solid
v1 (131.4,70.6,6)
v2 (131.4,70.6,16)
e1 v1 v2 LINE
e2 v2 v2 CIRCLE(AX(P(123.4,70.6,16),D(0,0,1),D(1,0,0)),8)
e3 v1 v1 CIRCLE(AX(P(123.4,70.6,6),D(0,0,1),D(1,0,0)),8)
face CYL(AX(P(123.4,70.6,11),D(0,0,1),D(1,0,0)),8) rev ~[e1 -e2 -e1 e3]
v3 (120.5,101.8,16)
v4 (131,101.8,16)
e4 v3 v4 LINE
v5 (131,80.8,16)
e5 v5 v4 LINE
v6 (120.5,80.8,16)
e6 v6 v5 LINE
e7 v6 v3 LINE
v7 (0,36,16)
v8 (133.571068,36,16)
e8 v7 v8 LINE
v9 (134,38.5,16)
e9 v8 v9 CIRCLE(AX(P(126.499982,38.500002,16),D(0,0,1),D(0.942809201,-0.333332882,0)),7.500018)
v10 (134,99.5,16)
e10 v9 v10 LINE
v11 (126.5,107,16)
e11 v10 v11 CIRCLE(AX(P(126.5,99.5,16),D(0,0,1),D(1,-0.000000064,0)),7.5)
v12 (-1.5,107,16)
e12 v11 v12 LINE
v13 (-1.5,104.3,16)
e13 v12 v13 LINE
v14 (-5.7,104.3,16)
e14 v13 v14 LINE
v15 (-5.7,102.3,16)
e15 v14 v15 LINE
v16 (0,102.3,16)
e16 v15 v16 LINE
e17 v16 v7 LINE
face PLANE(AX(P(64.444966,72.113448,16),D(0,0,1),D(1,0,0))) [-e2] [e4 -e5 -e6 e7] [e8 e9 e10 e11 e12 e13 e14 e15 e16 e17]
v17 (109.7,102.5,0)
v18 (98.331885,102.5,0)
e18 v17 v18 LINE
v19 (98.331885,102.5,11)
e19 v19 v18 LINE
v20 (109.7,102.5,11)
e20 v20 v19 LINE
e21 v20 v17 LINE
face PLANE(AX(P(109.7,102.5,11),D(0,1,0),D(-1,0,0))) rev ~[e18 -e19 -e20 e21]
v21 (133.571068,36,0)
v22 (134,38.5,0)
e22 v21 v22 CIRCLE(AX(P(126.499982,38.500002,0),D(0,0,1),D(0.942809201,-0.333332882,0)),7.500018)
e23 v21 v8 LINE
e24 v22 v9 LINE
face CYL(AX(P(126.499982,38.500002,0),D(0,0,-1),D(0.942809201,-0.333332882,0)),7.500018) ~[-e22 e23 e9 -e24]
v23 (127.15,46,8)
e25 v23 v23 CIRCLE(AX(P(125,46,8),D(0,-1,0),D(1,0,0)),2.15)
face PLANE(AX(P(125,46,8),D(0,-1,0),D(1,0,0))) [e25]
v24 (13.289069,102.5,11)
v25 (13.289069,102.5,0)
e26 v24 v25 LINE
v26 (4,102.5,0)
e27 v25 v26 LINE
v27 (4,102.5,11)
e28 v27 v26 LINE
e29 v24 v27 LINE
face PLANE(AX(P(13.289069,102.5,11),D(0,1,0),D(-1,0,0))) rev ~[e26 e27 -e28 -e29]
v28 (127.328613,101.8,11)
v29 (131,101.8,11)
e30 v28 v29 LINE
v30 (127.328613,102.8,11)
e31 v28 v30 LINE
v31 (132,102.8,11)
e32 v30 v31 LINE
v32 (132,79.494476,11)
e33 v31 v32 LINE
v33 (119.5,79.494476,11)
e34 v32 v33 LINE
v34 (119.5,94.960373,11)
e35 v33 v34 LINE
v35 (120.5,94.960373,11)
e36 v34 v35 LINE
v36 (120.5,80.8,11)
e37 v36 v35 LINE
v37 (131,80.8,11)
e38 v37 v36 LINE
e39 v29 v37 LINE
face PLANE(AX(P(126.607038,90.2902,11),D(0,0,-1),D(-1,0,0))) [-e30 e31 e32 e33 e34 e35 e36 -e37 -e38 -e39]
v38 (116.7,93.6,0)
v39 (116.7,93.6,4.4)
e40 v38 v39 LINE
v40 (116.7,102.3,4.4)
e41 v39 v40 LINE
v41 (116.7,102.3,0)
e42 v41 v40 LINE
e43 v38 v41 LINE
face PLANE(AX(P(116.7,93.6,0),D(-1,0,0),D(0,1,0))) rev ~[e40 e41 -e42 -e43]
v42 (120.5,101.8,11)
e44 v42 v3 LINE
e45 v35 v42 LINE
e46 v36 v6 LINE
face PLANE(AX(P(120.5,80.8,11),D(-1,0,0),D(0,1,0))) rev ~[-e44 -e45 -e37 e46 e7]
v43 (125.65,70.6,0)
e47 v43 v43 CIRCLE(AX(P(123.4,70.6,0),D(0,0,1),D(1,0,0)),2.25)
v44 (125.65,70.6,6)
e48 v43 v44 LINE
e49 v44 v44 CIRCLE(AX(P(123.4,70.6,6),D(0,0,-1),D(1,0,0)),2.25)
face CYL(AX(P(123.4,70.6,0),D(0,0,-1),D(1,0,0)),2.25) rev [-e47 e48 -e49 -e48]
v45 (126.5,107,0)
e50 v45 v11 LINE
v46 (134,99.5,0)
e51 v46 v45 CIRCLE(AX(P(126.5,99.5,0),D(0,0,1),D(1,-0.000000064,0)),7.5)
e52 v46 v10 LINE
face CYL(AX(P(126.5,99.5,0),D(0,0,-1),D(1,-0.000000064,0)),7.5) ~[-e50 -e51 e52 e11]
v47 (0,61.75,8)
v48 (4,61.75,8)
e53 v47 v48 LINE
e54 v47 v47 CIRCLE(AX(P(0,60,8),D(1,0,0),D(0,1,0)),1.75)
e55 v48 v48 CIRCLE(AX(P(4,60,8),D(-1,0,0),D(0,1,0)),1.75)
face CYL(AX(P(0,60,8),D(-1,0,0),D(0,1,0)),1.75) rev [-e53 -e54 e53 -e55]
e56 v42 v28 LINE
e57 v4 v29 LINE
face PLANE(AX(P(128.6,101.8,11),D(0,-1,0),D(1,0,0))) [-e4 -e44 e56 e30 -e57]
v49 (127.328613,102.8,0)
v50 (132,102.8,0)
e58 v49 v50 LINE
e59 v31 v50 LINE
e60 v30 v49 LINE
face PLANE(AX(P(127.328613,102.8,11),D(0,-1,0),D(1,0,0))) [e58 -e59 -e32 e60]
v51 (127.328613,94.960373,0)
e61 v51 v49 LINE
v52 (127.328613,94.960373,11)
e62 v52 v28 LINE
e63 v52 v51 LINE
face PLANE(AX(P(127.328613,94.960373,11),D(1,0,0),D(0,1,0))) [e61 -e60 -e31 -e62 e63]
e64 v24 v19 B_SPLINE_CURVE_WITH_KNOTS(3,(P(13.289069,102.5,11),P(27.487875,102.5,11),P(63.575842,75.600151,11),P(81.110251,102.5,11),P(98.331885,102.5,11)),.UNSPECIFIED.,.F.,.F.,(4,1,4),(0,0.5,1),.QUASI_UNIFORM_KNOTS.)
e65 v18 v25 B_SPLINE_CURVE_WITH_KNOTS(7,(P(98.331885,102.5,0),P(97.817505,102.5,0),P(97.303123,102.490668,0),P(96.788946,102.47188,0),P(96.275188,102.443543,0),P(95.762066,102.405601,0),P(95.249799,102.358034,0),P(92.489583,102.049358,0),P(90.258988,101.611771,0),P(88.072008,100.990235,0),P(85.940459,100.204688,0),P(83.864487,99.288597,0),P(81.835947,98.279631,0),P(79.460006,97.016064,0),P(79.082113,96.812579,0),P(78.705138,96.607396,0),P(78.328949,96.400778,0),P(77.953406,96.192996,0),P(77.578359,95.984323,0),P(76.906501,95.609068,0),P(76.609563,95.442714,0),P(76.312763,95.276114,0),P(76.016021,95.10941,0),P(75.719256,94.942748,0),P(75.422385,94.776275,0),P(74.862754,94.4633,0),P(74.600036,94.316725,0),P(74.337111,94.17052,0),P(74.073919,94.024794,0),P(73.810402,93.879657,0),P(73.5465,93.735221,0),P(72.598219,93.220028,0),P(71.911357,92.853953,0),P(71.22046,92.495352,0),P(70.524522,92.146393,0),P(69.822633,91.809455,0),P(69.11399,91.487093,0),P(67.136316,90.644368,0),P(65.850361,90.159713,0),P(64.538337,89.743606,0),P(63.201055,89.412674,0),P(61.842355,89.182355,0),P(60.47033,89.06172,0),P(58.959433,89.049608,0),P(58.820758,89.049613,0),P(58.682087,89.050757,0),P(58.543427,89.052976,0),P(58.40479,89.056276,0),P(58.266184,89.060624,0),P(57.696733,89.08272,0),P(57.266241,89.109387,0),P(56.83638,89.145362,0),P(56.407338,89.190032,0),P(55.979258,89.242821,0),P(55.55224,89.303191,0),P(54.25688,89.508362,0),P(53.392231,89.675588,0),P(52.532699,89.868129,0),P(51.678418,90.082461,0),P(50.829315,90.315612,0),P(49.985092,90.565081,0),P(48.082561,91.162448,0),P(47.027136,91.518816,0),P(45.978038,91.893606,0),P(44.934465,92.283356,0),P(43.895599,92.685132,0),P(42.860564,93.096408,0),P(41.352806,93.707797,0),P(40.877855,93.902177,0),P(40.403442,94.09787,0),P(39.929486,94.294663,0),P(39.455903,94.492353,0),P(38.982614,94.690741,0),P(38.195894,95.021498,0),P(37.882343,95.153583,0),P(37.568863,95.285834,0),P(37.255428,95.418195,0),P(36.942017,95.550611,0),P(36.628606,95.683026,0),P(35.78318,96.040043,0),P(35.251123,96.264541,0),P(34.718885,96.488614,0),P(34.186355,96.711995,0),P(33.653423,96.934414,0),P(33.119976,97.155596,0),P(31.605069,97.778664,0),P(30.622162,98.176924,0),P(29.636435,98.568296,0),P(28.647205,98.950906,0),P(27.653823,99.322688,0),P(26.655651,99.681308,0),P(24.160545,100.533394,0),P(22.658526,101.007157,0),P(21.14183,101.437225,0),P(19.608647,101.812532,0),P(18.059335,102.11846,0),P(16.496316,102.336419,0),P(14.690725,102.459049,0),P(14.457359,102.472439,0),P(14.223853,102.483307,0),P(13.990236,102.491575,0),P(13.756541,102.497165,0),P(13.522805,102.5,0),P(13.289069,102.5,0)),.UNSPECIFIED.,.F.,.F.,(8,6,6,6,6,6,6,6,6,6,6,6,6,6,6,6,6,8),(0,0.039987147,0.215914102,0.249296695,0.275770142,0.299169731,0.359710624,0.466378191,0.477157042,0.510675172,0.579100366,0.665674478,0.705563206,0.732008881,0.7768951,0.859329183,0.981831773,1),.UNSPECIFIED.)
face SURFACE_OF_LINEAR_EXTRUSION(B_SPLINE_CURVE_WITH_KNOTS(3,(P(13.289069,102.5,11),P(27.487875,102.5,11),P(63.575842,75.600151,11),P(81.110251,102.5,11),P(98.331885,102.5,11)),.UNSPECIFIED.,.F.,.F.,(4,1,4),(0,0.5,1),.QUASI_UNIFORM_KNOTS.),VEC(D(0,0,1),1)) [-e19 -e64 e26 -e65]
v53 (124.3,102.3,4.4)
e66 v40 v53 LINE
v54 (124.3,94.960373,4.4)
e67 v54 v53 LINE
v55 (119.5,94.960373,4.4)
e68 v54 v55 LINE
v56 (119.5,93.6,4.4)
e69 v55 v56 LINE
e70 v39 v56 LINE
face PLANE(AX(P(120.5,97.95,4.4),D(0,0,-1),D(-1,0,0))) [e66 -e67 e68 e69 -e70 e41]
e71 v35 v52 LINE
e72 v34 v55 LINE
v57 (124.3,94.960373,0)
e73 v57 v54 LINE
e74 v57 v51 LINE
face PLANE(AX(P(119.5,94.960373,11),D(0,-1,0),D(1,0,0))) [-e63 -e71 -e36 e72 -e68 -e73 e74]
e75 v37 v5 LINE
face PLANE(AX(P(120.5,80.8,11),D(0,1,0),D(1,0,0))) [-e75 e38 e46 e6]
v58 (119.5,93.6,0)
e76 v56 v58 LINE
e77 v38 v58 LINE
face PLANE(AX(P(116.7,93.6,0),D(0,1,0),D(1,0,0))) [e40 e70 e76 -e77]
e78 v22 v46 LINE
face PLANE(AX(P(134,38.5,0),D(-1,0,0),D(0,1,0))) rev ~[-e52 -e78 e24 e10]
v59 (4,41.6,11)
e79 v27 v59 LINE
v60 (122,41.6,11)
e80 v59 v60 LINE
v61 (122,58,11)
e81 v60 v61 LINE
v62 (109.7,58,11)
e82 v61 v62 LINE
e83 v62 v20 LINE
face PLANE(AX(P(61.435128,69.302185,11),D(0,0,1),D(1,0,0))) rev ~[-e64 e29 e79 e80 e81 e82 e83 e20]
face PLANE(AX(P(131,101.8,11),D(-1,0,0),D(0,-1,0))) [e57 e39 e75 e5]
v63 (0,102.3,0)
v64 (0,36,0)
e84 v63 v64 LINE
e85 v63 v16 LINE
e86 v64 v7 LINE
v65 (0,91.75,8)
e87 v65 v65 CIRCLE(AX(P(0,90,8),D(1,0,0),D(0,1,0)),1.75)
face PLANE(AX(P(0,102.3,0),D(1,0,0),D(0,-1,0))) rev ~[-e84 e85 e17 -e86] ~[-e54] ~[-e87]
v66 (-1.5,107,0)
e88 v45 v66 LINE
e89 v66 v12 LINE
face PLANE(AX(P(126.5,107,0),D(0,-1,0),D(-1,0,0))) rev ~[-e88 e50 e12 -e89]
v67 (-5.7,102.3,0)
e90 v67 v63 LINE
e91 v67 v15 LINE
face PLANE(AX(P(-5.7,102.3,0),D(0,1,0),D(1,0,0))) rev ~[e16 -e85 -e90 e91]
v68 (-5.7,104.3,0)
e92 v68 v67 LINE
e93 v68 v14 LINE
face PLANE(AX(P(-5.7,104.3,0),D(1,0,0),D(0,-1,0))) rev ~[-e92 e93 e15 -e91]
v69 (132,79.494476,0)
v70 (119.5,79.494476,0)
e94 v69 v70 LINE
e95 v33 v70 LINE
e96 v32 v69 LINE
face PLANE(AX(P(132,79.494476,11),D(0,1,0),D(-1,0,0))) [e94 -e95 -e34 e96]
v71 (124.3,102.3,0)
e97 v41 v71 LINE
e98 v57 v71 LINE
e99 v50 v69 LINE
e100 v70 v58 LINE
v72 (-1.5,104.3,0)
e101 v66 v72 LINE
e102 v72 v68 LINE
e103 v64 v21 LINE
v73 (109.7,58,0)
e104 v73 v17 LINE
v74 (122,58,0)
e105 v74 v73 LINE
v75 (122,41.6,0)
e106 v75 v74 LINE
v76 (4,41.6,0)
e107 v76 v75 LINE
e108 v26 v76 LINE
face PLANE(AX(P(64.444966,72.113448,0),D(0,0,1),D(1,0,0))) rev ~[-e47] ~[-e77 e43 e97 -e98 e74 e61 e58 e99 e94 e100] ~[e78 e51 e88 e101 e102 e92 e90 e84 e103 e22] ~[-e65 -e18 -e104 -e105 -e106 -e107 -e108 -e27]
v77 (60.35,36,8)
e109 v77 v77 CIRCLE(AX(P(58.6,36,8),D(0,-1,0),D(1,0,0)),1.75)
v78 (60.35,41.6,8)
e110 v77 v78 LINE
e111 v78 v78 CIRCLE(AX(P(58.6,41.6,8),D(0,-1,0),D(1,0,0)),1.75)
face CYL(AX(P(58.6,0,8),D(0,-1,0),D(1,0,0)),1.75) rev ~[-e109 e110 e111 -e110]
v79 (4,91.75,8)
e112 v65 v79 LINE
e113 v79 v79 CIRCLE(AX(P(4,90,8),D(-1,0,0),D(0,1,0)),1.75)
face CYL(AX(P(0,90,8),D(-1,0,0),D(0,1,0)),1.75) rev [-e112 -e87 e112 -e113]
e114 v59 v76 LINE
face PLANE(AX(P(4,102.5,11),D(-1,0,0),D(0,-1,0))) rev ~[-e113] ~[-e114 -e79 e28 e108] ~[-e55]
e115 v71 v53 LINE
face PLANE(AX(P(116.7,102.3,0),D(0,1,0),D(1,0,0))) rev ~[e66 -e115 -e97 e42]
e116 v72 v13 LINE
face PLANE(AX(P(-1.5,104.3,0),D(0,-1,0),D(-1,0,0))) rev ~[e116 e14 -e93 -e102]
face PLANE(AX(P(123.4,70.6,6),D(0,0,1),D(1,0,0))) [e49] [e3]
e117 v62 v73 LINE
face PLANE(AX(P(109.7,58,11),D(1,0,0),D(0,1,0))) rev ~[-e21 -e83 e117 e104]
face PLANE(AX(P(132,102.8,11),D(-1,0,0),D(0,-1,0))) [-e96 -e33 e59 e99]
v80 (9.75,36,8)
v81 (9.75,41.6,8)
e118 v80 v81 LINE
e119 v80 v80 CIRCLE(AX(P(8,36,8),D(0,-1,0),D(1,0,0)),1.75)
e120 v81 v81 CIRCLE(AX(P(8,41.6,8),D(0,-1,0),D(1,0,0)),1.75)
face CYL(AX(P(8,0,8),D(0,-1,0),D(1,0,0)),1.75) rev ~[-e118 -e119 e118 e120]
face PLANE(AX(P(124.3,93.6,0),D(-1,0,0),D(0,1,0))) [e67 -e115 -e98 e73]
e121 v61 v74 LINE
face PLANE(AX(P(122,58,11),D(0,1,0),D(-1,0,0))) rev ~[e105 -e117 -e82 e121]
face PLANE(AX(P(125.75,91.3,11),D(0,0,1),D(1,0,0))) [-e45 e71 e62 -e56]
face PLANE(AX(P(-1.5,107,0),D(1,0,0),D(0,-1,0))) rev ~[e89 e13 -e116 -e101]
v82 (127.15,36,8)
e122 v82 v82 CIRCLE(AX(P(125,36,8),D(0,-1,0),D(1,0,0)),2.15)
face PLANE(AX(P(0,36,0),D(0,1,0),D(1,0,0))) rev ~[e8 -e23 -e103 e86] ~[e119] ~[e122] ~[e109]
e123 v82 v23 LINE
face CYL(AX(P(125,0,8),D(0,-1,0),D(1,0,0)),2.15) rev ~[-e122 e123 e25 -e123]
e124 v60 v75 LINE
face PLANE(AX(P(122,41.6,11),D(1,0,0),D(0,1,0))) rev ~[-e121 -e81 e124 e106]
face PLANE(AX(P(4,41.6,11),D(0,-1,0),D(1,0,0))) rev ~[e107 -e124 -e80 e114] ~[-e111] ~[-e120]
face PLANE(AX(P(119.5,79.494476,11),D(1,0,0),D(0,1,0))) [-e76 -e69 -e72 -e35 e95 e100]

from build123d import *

# Parameters (mm, degrees)
SKETCH_R        = 2.25
PAD_DEPTH       = 16
POCKET_DEPTH    = 21
SKETCH002_R     = 1.75
POCKET001_DEPTH = 23
SKETCH003_R     = 1.75
SKETCH003_R_2   = 2.15
POCKET002_DEPTH = 46
SKETCH005_R     = 8
POCKET004_DEPTH = 5
POCKET005_DEPTH = 4.4
SKETCH007_W     = 10.5
SKETCH007_H     = 21
POCKET006_DEPTH = 5
POCKET007_DEPTH = 18


with BuildPart() as part:
    # Sketch → Pad (new body)
    with BuildSketch(Plane.XY):
        with BuildLine():
            Line((0, 36), (75.6, 36))
            Line((75.6, 36), (133.571068, 36))
            ThreePointArc((133.571068, 36), (133.891989, 37.231735), (134, 38.5))
            Line((134, 38.5), (134, 99.5))
            ThreePointArc((134, 99.5), (131.803301, 104.803301), (126.5, 107))
            Line((126.5, 107), (-1.5, 107))
            Line((-1.5, 107), (-1.5, 104.3))
            Line((-1.5, 104.3), (-5.7, 104.3))
            Line((-5.7, 104.3), (-5.7, 102.3))
            Line((-5.7, 102.3), (0, 102.3))
            Line((0, 102.3), (0, 36))
        make_face()
        with Locations((123.4, 70.6)):
            Circle(SKETCH_R, mode=Mode.SUBTRACT)
    extrude(amount=PAD_DEPTH)

    # Sketch001 (on DatumPlane) → Pocket (cut)
    with BuildSketch(Plane.XY.offset(11)):
        with BuildLine():
            Line((13.289069, 102.5), (4, 102.5))
            Line((4, 102.5), (4, 41.6))
            Line((4, 41.6), (80, 41.6))
            Line((80, 41.6), (122, 41.6))
            Line((122, 41.6), (122, 58))
            Line((122, 58), (109.7, 58))
            Line((109.7, 58), (109.7, 102.5))
            Line((109.7, 102.5), (98.331885, 102.5))
            add(Edge.make_bspline(
                [(13.289069, 102.5), (27.487875, 102.5), (63.575842, 75.600151), (81.110251, 102.5), (98.331885, 102.5)],
                knots=[0, 0, 0, 0, 0.5, 1, 1, 1, 1], degree=3))
        make_face()
        Polygon((128.6, 101.8), (131, 101.8), (131, 79.9), (120.7, 79.9), (120.7, 93.6), (120.7, 93.9), (124.3, 93.9), (128.6, 93.9), align=None)
    extrude(amount=-POCKET_DEPTH, mode=Mode.SUBTRACT)

    # Sketch002 → Pocket001 (cut)
    with BuildSketch(Plane.YZ):
        with Locations((12, 8)):
            Circle(SKETCH002_R)
        with Locations((60, 8)):
            Circle(SKETCH002_R)
        with Locations((90, 8)):
            Circle(SKETCH002_R)
    extrude(amount=POCKET001_DEPTH, mode=Mode.SUBTRACT)

    # Sketch003 → Pocket002 (cut)
    with BuildSketch(Plane.XZ):
        with Locations((58.6, 8)):
            Circle(SKETCH003_R)
        with Locations((8, 8)):
            Circle(SKETCH003_R)
        with Locations((125, 8)):
            Circle(SKETCH003_R_2)
    extrude(amount=-POCKET002_DEPTH, mode=Mode.SUBTRACT)

    # Sketch005 (on DatumPlane) → Pocket004 (cut, symmetric)
    with BuildSketch(Plane.XY.offset(11)):
        with Locations((123.4, 70.6)):
            Circle(SKETCH005_R)
    extrude(amount=POCKET004_DEPTH, both=True, mode=Mode.SUBTRACT)

    # Sketch006 → Pocket005 (cut)
    with BuildSketch(Plane.XY):
        Polygon((116.7, 102.3), (124.3, 102.3), (124.3, 93.9), (124.3, 93.6), (120.7, 93.6), (116.7, 93.6), align=None)
    extrude(amount=POCKET005_DEPTH, mode=Mode.SUBTRACT)

    # Sketch007 (on DatumPlane) → Pocket006 (cut)
    with BuildSketch(Plane.XY.offset(11)):
        with Locations((125.75, 91.3)):
            Rectangle(SKETCH007_W, SKETCH007_H)
    extrude(amount=POCKET006_DEPTH, mode=Mode.SUBTRACT)

    # Sketch008 (on DatumPlane) → Pocket007 (cut)
    with BuildSketch(Plane.XY.offset(11)):
        Polygon((127.328613, 102.8), (132, 102.8), (132, 79.494476), (119.5, 79.494476), (119.5, 94.960373), (127.328613, 94.960373), align=None)
    extrude(amount=-POCKET007_DEPTH, mode=Mode.SUBTRACT)


solid = part.part
